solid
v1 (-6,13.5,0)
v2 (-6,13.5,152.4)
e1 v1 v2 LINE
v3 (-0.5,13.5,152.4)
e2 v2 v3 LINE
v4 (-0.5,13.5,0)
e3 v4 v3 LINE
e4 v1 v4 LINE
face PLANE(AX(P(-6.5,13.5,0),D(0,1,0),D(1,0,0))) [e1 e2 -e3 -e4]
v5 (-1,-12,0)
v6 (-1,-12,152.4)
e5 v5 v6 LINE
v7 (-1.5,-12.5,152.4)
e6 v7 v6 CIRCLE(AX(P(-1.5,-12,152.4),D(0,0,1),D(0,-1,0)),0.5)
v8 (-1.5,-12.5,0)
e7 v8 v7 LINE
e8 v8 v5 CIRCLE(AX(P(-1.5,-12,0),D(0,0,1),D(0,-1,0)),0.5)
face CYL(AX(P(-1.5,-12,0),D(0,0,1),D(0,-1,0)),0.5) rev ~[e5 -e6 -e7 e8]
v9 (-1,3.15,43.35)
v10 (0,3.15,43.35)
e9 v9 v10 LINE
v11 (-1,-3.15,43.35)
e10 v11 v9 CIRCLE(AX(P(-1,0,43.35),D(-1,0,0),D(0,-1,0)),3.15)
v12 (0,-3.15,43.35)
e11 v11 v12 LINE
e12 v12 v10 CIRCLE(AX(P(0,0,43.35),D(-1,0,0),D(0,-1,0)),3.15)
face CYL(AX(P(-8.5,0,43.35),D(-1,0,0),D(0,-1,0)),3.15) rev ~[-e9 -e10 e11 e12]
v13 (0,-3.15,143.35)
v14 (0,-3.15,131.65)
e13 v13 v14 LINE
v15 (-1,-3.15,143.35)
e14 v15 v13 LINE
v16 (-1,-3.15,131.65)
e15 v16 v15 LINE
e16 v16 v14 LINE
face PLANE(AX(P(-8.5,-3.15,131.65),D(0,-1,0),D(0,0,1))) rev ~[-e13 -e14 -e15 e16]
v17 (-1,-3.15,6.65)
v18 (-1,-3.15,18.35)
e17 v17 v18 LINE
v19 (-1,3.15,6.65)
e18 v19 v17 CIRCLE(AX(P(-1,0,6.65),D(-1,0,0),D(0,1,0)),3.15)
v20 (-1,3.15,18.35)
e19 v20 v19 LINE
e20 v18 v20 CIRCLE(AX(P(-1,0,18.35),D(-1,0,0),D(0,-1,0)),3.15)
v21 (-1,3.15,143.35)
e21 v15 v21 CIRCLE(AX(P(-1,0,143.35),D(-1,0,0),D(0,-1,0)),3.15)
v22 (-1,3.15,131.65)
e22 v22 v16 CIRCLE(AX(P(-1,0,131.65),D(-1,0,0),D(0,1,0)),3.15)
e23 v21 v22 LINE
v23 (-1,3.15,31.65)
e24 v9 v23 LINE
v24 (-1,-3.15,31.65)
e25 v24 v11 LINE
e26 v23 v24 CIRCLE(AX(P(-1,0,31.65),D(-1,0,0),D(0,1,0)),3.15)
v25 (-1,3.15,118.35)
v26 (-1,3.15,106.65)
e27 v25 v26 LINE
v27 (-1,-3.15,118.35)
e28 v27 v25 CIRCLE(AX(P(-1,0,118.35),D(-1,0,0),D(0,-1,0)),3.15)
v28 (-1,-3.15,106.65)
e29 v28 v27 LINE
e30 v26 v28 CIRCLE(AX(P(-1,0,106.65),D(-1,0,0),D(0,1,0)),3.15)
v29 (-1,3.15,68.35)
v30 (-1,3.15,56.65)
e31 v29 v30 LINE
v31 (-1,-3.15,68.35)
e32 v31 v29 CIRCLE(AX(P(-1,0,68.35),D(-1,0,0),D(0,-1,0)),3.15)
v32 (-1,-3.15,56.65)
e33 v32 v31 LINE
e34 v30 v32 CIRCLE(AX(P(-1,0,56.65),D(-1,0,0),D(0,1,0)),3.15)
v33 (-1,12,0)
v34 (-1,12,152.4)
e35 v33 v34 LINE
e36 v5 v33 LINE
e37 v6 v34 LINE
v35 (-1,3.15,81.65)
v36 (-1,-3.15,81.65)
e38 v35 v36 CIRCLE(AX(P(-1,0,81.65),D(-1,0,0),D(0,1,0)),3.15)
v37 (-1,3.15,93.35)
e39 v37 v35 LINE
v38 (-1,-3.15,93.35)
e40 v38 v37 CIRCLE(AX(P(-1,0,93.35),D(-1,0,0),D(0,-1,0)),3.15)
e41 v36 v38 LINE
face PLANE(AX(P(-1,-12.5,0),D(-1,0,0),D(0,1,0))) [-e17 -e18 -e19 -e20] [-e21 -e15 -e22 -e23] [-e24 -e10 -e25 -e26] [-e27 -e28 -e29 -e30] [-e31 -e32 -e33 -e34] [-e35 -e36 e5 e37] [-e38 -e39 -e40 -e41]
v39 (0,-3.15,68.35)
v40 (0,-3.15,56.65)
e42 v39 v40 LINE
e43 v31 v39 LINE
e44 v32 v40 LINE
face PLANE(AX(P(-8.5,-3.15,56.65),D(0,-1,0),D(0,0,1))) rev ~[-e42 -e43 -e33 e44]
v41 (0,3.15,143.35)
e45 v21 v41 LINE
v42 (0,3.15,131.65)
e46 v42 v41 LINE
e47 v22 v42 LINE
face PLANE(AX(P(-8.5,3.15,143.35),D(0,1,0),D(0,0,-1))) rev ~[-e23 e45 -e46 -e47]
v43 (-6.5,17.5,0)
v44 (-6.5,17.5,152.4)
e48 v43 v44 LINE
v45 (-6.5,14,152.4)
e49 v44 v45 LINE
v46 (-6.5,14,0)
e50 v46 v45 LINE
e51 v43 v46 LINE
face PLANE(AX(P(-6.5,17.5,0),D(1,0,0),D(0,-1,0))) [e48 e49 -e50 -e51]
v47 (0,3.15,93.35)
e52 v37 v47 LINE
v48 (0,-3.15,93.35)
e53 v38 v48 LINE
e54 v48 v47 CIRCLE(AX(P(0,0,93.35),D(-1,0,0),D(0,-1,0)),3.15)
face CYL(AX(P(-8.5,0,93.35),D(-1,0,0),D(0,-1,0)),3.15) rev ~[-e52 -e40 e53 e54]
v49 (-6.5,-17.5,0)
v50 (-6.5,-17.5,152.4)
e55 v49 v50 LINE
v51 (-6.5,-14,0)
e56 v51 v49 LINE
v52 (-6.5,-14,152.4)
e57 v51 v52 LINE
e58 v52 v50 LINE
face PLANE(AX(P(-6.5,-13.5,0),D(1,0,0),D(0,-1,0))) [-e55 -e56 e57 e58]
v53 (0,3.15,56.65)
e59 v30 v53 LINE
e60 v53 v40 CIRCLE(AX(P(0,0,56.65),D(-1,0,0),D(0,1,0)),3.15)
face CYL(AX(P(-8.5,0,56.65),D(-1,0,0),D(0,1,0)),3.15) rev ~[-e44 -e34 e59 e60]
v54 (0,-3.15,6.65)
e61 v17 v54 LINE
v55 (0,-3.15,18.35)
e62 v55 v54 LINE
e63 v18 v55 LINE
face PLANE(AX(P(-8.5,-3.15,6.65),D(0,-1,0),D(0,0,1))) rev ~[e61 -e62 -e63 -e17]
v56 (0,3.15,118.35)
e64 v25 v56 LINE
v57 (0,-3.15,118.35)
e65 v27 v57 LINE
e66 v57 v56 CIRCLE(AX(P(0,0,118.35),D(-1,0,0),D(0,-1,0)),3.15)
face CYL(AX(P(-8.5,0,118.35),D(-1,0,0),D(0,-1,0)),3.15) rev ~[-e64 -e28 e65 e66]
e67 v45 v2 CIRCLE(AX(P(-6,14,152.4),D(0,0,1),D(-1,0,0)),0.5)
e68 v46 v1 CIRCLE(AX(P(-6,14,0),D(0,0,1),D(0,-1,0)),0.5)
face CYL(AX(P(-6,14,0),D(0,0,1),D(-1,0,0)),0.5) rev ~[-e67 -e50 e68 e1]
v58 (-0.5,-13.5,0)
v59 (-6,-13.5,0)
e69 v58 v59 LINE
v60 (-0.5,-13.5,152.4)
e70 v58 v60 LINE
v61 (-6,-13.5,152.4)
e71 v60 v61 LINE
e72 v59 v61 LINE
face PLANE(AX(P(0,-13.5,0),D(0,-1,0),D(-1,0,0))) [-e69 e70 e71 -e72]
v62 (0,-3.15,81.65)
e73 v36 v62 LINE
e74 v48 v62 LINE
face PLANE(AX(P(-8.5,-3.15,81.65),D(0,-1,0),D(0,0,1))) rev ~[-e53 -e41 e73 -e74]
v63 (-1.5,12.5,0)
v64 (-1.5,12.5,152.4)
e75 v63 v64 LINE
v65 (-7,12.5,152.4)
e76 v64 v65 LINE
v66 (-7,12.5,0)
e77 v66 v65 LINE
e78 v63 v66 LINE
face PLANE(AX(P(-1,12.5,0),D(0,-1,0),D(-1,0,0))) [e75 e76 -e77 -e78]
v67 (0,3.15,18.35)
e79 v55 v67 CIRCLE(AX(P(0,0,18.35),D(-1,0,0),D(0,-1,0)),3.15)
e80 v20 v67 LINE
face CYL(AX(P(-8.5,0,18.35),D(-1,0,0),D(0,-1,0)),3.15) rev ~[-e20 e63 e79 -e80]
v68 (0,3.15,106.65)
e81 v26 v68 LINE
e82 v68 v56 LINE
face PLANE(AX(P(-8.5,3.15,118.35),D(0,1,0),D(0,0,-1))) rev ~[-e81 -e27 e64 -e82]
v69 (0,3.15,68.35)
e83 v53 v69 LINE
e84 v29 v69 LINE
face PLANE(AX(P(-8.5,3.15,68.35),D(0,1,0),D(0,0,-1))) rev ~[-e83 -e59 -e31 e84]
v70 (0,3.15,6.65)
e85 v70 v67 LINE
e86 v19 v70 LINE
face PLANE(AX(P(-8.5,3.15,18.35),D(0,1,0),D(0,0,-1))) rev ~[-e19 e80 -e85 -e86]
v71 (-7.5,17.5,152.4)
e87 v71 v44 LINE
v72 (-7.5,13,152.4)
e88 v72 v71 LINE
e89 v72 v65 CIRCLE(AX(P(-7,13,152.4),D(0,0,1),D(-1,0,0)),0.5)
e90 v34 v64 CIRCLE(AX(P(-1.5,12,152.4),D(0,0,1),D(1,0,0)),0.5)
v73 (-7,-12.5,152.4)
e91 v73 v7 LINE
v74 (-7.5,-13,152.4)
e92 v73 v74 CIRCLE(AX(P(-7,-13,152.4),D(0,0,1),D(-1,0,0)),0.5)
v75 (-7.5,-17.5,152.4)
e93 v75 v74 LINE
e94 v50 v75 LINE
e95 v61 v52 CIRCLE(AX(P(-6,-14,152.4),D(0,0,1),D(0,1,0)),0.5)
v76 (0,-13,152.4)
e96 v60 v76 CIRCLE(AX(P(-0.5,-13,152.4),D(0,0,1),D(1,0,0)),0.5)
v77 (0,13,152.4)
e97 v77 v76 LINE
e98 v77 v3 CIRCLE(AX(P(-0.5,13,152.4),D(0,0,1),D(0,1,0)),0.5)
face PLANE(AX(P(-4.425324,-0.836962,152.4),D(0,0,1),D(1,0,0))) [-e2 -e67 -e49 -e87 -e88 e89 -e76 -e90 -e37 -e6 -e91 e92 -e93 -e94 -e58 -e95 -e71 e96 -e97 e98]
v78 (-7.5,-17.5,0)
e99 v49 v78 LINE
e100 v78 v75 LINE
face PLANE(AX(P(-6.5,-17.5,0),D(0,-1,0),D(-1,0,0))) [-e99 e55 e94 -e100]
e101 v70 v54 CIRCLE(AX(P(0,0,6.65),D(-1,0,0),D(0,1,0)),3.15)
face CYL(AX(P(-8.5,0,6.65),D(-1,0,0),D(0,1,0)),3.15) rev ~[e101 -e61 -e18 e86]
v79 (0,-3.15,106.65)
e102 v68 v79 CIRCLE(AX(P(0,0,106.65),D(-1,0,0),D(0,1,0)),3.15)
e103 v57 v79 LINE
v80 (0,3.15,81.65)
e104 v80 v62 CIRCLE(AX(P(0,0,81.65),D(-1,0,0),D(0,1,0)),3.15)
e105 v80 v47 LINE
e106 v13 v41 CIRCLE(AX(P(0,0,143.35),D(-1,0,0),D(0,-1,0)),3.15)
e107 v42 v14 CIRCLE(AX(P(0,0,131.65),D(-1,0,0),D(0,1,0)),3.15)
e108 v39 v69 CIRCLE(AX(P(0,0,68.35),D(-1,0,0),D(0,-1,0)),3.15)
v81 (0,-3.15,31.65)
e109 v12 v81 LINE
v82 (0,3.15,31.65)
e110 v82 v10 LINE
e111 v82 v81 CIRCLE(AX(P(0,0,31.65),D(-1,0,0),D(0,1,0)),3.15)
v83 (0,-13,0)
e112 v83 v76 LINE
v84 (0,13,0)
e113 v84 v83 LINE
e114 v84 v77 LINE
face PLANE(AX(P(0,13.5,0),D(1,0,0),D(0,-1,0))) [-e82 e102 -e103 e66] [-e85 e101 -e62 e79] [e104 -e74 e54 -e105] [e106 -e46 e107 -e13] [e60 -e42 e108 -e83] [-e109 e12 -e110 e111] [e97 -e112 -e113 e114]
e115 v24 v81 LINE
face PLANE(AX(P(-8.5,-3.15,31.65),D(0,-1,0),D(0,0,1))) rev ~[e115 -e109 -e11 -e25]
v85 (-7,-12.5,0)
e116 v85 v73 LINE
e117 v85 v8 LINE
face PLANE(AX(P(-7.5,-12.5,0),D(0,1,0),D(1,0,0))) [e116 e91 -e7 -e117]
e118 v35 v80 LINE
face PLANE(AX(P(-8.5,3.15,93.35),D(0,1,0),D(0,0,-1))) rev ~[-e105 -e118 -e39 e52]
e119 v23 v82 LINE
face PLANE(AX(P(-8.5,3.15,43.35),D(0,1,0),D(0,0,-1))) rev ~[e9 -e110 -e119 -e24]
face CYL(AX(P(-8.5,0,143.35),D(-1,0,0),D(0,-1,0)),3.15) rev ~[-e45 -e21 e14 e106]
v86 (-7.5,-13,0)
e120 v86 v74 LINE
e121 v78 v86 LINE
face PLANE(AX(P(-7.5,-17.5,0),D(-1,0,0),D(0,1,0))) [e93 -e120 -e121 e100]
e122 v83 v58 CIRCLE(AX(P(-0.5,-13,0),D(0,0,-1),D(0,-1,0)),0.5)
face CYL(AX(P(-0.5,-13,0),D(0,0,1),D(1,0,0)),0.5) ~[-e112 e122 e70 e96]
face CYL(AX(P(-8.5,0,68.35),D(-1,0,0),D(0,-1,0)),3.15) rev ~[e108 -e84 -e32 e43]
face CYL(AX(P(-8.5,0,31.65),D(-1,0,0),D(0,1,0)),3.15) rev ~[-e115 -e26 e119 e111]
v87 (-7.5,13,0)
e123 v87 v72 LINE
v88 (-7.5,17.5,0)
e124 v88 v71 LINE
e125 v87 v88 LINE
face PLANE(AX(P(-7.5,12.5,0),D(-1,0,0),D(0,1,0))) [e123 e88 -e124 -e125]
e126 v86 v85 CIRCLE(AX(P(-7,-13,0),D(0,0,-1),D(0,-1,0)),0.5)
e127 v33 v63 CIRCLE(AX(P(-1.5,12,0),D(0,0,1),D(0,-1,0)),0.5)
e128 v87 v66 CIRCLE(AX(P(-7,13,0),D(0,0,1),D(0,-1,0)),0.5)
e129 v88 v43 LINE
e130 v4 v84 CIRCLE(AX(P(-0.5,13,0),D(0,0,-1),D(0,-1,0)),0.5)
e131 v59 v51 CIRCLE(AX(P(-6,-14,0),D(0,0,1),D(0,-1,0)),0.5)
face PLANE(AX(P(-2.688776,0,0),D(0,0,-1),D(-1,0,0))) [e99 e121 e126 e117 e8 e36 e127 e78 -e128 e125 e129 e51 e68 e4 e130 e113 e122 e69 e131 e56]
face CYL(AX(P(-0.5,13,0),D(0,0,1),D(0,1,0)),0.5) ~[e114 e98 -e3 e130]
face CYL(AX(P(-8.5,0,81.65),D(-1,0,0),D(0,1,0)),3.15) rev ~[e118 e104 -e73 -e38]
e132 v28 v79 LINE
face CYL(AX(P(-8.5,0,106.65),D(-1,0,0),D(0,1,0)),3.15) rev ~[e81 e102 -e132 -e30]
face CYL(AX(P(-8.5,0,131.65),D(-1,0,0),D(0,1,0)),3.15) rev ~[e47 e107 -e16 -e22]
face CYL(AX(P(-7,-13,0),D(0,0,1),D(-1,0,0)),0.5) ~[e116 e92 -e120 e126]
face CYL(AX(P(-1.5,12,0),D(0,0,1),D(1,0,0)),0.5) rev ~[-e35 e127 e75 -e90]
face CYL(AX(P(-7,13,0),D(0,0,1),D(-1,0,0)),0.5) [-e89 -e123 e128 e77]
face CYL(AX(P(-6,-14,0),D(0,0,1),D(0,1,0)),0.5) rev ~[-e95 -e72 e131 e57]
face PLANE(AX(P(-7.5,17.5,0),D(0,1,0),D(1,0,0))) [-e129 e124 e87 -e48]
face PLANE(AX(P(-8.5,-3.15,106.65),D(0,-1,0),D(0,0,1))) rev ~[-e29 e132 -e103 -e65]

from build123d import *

# Parameters (mm, degrees)
EXTRUDE_THIN1_DEPTH = 449.2625
CUT_EXTRUDE1_START  = -8.5
CUT_EXTRUDE1_DEPTH  = 9.5
LPATTERN1_COUNT     = 18
LPATTERN1_PITCH     = 25
FILLET1_R           = 0.5
SKETCH5_W           = 23.532863881
SKETCH5_H           = 44.509442227
CUT_EXTRUDE2_DEPTH  = 296.8625


with BuildPart() as part:
    # Sketch3 → Extrude-Thin1 (new body)
    with BuildSketch(Plane.XY):
        Polygon((-6.5, 17.5), (-6.5, 13.5), (0, 13.5), (0, -13.5), (-6.5, -13.5), (-6.5, -17.5), (-7.5, -17.5), (-7.5, -12.5), (-1, -12.5), (-1, 12.5), (-7.5, 12.5), (-7.5, 17.5), align=None)
    extrude(amount=EXTRUDE_THIN1_DEPTH)

    # Sketch4 → Cut-Extrude1 (cut)
    with BuildSketch(Plane(origin=(0, 0, 0), x_dir=(0, 0, -1), z_dir=(1, 0, 0)).offset(CUT_EXTRUDE1_START)):
        with BuildLine():
            Line((-6.65, -3.15), (-18.35, -3.15))
            ThreePointArc((-18.35, -3.15), (-21.5, 0), (-18.35, 3.15))
            Line((-18.35, 3.15), (-6.65, 3.15))
            ThreePointArc((-6.65, 3.15), (-3.5, 0), (-6.65, -3.15))
        make_face()
    cut_extrude1 = extrude(amount=CUT_EXTRUDE1_DEPTH, mode=Mode.SUBTRACT)

    # LPattern1: Cut-Extrude1 ×18
    with Locations(*[(0, 0, i * LPATTERN1_PITCH) for i in range(1, LPATTERN1_COUNT)]):
        add(cut_extrude1, mode=Mode.SUBTRACT)

    # Fillet1
    fillet1_edges = [part.edges().sort_by_distance(p)[0] for p in [
        (-6.5, 13.5, 224.63125),
        (0, 13.5, 224.63125),
        (0, -13.5, 224.63125),
        (-6.5, -13.5, 224.63125),
        (-7.5, -12.5, 224.63125),
        (-1, -12.5, 224.63125),
        (-1, 12.5, 224.63125),
        (-7.5, 12.5, 224.63125),
    ]]
    fillet(fillet1_edges, radius=FILLET1_R)

    # Sketch5 → Cut-Extrude2 (cut)
    with BuildSketch(Plane.XY.offset(449.2625)):
        with Locations((-4.42532449, -0.836961712)):
            Rectangle(SKETCH5_W, SKETCH5_H)
    extrude(amount=-CUT_EXTRUDE2_DEPTH, mode=Mode.SUBTRACT)


solid = part.part
